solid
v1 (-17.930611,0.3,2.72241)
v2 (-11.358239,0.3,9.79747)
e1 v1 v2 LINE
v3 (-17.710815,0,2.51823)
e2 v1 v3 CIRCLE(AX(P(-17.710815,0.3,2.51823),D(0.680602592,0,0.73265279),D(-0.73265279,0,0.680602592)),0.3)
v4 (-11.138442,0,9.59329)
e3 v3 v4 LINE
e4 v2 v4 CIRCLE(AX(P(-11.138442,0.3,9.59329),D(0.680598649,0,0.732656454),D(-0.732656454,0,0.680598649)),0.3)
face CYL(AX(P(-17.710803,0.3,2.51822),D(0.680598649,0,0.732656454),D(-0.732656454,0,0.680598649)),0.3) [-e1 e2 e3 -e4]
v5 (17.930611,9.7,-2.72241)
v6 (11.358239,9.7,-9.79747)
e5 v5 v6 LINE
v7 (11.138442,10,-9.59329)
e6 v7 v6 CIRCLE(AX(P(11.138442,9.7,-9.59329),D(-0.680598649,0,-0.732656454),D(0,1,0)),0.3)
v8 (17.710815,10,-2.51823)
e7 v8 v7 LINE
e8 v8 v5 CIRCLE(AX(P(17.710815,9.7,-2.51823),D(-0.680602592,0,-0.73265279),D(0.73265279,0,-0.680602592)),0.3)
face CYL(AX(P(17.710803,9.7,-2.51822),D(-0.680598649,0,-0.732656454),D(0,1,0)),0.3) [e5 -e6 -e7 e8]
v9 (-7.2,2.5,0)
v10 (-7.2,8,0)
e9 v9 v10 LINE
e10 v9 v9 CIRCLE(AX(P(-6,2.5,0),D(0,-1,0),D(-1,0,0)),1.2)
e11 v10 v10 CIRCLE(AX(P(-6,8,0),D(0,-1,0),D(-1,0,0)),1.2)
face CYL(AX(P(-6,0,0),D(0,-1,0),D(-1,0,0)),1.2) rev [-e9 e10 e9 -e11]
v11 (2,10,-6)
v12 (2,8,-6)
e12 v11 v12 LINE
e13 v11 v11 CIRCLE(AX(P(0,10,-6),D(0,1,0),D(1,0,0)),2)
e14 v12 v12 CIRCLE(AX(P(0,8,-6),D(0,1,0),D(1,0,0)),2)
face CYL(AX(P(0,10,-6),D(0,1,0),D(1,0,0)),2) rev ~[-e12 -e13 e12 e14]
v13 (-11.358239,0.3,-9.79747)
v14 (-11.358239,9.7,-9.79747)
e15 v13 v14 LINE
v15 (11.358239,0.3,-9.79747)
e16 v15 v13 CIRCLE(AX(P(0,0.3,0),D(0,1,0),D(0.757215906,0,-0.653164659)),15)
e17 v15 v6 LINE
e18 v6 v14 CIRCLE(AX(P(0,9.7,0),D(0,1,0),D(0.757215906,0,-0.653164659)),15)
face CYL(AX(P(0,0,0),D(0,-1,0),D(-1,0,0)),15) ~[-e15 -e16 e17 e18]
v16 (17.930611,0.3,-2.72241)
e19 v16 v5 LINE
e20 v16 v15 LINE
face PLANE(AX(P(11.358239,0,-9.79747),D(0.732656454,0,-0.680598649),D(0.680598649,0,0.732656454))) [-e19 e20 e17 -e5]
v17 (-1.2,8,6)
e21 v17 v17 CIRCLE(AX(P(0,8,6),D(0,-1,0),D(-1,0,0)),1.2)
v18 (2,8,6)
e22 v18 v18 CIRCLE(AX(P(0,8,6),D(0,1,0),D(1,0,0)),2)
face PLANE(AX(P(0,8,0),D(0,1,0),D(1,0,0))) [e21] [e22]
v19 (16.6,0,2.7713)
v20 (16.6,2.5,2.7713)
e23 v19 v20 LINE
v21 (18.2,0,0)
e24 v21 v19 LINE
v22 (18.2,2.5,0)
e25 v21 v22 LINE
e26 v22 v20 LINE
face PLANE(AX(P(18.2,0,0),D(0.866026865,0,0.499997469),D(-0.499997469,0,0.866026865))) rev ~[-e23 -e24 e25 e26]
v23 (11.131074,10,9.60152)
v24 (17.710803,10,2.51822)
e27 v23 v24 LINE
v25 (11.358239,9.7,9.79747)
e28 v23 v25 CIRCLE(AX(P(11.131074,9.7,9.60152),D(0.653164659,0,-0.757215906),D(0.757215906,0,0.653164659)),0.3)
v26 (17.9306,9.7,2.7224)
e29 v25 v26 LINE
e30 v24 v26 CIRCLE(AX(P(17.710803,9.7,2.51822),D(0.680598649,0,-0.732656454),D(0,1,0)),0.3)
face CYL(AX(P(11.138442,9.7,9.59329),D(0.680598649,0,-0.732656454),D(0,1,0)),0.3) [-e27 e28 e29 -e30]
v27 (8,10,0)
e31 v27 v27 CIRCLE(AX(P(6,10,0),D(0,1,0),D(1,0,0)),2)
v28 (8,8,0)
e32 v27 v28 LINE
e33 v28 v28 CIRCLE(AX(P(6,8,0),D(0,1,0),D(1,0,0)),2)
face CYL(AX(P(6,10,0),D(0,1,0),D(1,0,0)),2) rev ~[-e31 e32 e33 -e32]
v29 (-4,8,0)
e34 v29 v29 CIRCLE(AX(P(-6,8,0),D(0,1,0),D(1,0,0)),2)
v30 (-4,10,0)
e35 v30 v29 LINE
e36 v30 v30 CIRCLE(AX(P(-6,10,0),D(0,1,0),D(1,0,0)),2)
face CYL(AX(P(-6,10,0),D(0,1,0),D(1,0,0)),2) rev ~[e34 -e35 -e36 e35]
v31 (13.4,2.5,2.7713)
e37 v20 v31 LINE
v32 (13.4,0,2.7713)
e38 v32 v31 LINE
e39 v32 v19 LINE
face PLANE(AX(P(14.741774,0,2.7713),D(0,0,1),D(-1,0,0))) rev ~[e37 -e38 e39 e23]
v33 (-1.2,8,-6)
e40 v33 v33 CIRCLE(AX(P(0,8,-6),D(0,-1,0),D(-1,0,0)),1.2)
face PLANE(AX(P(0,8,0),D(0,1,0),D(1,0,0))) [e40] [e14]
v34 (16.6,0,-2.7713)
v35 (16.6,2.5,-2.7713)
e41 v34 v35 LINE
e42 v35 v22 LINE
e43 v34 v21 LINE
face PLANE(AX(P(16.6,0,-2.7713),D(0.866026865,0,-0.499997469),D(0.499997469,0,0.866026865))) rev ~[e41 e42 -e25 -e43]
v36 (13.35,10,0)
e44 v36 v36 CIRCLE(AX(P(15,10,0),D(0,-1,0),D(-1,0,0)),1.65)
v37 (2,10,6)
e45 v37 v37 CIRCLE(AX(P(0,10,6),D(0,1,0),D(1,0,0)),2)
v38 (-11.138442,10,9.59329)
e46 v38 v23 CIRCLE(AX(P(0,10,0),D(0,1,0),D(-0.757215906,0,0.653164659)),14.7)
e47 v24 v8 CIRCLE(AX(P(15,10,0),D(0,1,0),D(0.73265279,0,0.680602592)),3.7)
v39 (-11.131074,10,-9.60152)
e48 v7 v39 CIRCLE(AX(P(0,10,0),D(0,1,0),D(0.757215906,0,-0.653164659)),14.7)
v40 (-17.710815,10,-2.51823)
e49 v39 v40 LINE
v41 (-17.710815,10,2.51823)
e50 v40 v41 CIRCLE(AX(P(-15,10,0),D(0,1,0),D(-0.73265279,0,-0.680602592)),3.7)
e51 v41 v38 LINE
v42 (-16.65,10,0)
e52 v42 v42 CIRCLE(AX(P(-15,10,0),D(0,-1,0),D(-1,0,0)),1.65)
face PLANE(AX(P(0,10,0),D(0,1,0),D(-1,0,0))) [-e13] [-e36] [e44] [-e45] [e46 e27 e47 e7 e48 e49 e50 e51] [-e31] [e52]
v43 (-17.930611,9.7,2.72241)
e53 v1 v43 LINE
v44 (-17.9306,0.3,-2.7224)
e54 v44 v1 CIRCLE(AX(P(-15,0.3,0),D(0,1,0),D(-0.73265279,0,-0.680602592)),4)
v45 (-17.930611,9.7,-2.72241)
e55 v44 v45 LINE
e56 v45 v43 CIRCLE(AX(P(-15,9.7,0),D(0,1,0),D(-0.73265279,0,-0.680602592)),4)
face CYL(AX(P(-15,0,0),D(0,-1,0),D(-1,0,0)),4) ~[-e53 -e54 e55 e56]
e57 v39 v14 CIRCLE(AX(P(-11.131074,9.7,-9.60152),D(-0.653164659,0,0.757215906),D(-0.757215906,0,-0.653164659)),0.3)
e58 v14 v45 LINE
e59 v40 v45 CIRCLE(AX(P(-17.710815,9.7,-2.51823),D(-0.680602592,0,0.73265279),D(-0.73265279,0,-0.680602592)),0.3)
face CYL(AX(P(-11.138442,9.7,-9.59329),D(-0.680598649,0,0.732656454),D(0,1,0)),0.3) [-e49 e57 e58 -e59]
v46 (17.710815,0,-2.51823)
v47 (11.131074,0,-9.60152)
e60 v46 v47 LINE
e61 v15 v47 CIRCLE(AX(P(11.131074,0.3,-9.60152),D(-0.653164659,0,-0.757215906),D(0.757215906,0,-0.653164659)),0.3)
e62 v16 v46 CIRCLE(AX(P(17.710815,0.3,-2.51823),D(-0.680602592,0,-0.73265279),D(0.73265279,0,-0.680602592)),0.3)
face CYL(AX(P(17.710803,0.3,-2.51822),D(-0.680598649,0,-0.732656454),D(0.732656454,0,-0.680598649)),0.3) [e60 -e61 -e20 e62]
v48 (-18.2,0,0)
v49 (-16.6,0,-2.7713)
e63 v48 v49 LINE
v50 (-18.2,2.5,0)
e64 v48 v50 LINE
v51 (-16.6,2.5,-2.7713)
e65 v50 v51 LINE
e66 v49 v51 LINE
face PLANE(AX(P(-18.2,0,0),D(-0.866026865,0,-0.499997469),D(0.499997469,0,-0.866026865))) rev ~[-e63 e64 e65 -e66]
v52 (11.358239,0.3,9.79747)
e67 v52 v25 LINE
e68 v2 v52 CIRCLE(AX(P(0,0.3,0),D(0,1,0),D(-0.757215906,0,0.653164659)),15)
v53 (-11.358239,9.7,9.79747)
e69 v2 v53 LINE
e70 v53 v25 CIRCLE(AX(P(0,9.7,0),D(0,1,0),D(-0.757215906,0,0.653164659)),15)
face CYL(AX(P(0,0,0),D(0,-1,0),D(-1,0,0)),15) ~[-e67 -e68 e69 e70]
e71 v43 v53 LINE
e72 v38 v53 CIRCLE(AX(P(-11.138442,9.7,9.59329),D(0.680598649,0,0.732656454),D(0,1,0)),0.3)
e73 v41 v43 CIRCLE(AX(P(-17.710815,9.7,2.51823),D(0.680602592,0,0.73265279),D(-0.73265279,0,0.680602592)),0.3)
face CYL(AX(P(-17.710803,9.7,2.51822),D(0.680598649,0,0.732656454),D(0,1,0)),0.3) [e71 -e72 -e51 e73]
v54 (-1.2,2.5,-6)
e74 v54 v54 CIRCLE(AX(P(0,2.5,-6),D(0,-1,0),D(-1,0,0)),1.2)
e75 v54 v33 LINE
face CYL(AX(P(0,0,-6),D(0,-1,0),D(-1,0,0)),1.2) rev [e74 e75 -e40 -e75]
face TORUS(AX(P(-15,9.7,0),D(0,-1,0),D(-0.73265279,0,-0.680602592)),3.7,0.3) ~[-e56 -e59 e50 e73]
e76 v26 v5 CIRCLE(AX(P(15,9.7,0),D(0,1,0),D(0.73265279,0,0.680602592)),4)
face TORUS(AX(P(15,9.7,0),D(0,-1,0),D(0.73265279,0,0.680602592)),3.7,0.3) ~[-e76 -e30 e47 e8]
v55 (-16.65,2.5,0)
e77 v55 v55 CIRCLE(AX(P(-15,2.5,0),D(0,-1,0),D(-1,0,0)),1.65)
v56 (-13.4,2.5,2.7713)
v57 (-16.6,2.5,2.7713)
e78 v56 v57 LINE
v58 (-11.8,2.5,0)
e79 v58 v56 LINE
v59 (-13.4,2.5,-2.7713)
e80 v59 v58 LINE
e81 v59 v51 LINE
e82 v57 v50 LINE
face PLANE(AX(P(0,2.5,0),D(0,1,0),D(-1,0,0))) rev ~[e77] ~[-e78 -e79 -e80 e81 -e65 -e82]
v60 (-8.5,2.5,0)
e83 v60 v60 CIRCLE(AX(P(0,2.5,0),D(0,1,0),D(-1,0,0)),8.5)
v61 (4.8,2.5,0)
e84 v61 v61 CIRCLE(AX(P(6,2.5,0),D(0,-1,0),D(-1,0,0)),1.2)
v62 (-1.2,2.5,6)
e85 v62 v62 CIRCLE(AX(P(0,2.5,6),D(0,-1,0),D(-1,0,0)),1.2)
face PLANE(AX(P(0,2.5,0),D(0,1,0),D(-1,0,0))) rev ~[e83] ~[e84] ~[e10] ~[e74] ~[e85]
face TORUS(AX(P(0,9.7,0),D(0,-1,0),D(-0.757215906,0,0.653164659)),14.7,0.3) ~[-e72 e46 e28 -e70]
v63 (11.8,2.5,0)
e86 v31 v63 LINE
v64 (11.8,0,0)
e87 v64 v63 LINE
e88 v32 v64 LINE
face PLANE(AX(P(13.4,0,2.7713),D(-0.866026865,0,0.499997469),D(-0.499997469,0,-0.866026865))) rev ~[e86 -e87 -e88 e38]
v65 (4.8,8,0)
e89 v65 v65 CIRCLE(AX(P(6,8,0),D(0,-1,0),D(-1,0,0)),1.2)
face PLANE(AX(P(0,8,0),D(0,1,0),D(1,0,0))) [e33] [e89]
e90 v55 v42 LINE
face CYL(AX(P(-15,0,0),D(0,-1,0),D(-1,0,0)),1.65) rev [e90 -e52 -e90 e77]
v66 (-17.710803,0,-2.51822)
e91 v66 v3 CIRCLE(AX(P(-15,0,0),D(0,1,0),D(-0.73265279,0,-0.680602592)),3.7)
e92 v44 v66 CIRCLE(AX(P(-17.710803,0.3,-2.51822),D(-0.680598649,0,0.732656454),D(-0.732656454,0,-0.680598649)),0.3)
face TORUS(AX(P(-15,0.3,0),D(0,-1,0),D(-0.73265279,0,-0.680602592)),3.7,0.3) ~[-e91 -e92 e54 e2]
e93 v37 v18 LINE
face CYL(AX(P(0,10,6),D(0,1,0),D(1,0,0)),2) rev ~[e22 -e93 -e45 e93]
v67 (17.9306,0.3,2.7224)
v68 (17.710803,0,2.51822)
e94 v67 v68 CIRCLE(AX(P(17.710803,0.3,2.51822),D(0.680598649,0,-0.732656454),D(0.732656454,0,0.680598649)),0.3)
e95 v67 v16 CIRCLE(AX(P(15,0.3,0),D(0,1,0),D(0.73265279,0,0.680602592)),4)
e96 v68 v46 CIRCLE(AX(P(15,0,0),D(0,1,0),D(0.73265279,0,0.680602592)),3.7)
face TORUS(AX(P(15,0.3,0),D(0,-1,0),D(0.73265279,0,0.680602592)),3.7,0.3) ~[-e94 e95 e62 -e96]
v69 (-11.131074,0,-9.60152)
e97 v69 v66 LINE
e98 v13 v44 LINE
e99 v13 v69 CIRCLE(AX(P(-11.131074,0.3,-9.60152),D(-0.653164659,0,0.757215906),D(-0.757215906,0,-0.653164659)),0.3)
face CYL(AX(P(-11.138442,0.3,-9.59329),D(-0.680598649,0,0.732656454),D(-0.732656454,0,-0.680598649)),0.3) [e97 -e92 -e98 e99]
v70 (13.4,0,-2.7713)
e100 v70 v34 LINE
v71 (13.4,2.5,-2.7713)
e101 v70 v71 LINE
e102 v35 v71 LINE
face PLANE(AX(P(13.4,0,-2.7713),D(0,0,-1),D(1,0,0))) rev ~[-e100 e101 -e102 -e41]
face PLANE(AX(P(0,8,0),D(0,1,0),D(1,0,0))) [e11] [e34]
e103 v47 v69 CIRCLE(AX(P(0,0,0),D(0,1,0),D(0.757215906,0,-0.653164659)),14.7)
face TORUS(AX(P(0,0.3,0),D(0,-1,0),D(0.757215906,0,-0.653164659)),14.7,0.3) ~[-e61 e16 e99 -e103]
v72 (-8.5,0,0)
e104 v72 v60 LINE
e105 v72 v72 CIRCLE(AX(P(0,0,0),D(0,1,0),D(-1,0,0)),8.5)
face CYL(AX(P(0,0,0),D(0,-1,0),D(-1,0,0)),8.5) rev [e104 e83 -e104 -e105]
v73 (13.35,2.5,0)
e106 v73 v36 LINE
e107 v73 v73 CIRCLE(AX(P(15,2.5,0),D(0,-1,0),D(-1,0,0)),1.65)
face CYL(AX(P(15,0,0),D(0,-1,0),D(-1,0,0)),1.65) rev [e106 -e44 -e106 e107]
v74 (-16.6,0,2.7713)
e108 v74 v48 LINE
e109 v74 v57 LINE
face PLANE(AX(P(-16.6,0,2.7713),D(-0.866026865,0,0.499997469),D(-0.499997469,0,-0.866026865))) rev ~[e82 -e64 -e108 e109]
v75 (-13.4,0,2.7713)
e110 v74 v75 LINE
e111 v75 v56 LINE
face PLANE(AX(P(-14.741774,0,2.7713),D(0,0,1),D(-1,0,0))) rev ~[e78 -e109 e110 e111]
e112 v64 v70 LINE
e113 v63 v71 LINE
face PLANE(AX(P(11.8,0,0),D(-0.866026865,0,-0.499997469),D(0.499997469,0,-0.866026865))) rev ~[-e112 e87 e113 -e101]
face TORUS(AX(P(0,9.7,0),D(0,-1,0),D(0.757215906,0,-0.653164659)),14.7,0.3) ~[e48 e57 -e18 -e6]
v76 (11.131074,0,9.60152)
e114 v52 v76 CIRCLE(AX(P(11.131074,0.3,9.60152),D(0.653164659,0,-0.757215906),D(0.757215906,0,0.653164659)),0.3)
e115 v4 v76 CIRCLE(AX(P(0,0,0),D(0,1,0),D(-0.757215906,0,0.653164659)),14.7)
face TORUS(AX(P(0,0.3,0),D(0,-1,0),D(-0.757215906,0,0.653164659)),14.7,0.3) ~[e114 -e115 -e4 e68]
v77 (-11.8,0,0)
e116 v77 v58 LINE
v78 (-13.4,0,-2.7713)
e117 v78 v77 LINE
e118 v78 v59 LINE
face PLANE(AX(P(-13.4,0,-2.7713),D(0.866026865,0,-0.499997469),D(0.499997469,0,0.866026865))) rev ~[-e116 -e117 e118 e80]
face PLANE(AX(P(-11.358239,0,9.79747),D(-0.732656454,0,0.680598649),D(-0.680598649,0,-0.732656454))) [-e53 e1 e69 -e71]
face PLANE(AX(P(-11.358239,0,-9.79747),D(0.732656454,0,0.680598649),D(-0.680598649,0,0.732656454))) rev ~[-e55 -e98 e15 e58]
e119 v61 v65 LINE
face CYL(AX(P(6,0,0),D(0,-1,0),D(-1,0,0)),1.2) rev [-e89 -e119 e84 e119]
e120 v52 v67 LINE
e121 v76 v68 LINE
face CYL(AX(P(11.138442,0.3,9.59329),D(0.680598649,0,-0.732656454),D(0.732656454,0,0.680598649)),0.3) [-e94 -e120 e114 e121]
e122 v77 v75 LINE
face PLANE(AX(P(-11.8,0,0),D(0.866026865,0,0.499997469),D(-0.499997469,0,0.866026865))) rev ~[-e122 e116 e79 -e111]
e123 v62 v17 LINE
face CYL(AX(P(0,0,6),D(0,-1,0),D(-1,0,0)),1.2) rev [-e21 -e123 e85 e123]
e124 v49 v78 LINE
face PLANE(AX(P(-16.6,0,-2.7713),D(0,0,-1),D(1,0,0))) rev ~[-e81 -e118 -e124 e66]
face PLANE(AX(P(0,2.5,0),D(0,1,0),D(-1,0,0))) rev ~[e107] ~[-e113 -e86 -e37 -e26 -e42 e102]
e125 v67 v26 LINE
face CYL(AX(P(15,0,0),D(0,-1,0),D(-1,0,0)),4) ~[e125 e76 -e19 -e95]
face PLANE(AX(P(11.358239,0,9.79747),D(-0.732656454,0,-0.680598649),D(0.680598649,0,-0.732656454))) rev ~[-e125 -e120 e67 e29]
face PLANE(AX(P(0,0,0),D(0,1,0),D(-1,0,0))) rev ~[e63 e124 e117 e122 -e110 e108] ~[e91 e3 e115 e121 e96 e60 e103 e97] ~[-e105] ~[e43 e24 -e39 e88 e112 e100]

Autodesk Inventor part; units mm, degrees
ref_plane "YZ Plane" through (0, 0, 0) normal (1, 0, 0) x (0, 1, 0)
ref_plane "XZ Plane" through (0, 0, 0) normal (0, 1, 0) x (-1, 0, 0)
ref_plane "XY Plane" through (0, 0, 0) normal (0, 0, 1) x (1, 0, 0)
sketch "Sketch1" plane through (0, 0, 0) normal (0, 1, 0) x (-1, 0, 0)
  circle A0 centre (0, 0) radius 15
  circle A1 centre (0, 0) radius 8.5
  circle A2 centre (15, 0) radius 4
  circle A3 centre (-15, 0) radius 4
  line L0 (10.6066, -10.6066) -> (17.9306, -2.7224)
  line L1 (-10.6066, -10.6066) -> (-17.9306, -2.7224)
  line L2 (10.6066, 10.6066) -> (17.9306, 2.7224)
  line L3 (-10.6066, 10.6066) -> (-17.9306, 2.7224)
  line L4 (16.6, -2.7713) -> (13.4, -2.7713)
  line L5 (13.4, -2.7713) -> (11.8, 0)
  line L6 (11.8, 0) -> (13.4, 2.7713)
  line L7 (13.4, 2.7713) -> (16.6, 2.7713)
  line L8 (16.6, 2.7713) -> (18.2, 0)
  line L9 (18.2, 0) -> (16.6, -2.7713)
  line L10 (15, -2.7713) -> (15, 2.7713)
  line L11 (11.8, 0) -> (15, 0)
  line L12 (-13.4, -2.7713) -> (-16.6, -2.7713)
  line L13 (-16.6, -2.7713) -> (-18.2, 0)
  line L14 (-18.2, 0) -> (-16.6, 2.7713)
  line L15 (-16.6, 2.7713) -> (-13.4, 2.7713)
  line L16 (-13.4, 2.7713) -> (-11.8, 0)
  line L17 (-11.8, 0) -> (-13.4, -2.7713)
  line L18 (-15, -2.7713) -> (-15, 2.7713)
  line L19 (-18.2, 0) -> (-15, 0)
  circle A4 centre (0, 0) radius 6
  circle A5 centre (0, -6) radius 1.2
  circle A6 centre (-6, 0) radius 1.2
  circle A7 centre (0, 6) radius 1.2
  circle A8 centre (6, 0) radius 1.2
  circle A9 centre (15, 0) radius 1.65
  circle A10 centre (-15, 0) radius 1.65
  point P0 (-11.3582, -9.7975)
  point P1 (11.3582, -9.7975)
  point P2 (11.3582, 9.7976)
  point P3 (-11.3582, 9.7976)
  dimension "d20" = 8
  dimension "d22" = 3.2
  dimension "d27" = 3.2
  dimension "d28" = 3.2
  dimension "d29" = 120
  dimension "d30" = 3.2
  dimension "d31" = 120
  dimension "d34" = 12
  dimension "d35" = 2.4
  dimension "d36" = 2.4
  dimension "d37" = 2.4
  dimension "d38" = 2.4
  dimension "d43" = 3.3
  dimension "d44" = 3.3
extrude "Extrusion1" add sketch "Sketch1" along normal blind 10 contours L2 A0 A2 L0 L1 A3 L3 | A0 L2 | L3 A0 | L2 A2 A0 | A0 A3 L3 | A2 A0 L4 L9 L8 L7 | A0 L7 L6 L5 L4 A2 | A3 A0 L12 L17 L16 L15 | A0 L15 L14 L13 L12 A3 | L7 L10 A9 A0 | A0 A9 L11 L6 L7 | A2 L0 A0 | L15 L16 L17 L12 A0 A10 | A0 A10 L18 L15 | A3 A0 L1 | A9 L10 A0 | A0 L11 A9 | L7 L8 L9 L4 L10 A9 | A0 L0 | L4 L5 L11 A9 A0 | A0 A9 L10 L4 | A10 A0 | A0 L18 A10 | L18 A10 L19 L14 L15 | L1 A0 | L10 A9 A0 | L10 A9 | A0 A9 L11 | A0 A10 L18 | L19 A10 L18 | L18 A10 L19 | L12 L18 A10 A0 | L18 L12 L13 L19 A10 | A1 | A4 A8 | A4 A8 | A8 A4 A5 A6 A7 | A7 A4 | A4 A7 | A5 A4 | A4 A5 | A6 A4 | A4 A6
extrude "Extrusion2" cut sketch "Sketch1" along normal blind 2.5 contours L7 L10 A9 A0 | A0 A9 L11 L6 L7 | L15 L16 L17 L12 A0 A10 | A0 A10 L18 L15 | A9 L10 A0 | A0 L11 A9 | L7 L8 L9 L4 L10 A9 | L4 L5 L11 A9 A0 | A0 A9 L10 L4 | A10 A0 | A0 L18 A10 | L18 A10 L19 L14 L15 | L10 A9 A0 | L10 A9 | A0 A9 L11 | A0 A10 L18 | L19 A10 L18 | L18 A10 L19 | L12 L18 A10 A0 | L18 L12 L13 L19 A10 | A1 | A4 A8 | A4 A8 | A8 A4 A5 A6 A7 | A7 A4 | A4 A7 | A5 A4 | A4 A5 | A6 A4 | A4 A6
extrude "Extrusion3" cut sketch "Sketch1" along normal blind 10 contours A9 L10 A0 | A0 L11 A9 | A10 A0 | A0 L18 A10 | L10 A9 A0 | L10 A9 | A0 A9 L11 | A0 A10 L18 | L19 A10 L18 | L18 A10 L19 | A4 A8 | A4 A8 | A7 A4 | A4 A7 | A5 A4 | A4 A5 | A6 A4 | A4 A6
fillet "Fillet1" radius 0.3 16 edges at (0, 0, -15) (-19, 0, 0) (-14.6444, 0, 6.26) (-14.6444, 0, -6.26) (0, 0, 15) (19, 0, 0) (14.6444, 0, -6.26) (14.6444, 0, 6.26) (-19, 10, 0) (-14.6444, 10, 6.26) (-14.6444, 10, -6.26) (0, 10, -15) (0, 10, 15) (19, 10, 0) (14.6444, 10, 6.26) (14.6444, 10, -6.26)
sketch "Sketch2" plane through (0, 10, 0) normal (0, 1, 0) x (1, 0, 0)
  circle A0 centre (-6, 0) radius 1.2 projected
  circle A1 centre (-6, 0) radius 2
  circle A2 centre (0, 6) radius 1.2 projected
  circle A3 centre (0, 6) radius 2
  circle A4 centre (6, 0) radius 1.2 projected
  circle A5 centre (6, 0) radius 2
  circle A6 centre (0, -6) radius 1.2 projected
  circle A7 centre (0, -6) radius 2
  point P0 (0, 0)
  dimension "d48" = 4
  dimension "d49" = 4
  dimension "d50" = 4
  dimension "d51" = 4
extrude "Extrusion5" cut sketch "Sketch2" against normal blind 2 contours A0 | A1 | A2 | A3 | A4 | A5 | A6 | A7
properties part number "neck"
